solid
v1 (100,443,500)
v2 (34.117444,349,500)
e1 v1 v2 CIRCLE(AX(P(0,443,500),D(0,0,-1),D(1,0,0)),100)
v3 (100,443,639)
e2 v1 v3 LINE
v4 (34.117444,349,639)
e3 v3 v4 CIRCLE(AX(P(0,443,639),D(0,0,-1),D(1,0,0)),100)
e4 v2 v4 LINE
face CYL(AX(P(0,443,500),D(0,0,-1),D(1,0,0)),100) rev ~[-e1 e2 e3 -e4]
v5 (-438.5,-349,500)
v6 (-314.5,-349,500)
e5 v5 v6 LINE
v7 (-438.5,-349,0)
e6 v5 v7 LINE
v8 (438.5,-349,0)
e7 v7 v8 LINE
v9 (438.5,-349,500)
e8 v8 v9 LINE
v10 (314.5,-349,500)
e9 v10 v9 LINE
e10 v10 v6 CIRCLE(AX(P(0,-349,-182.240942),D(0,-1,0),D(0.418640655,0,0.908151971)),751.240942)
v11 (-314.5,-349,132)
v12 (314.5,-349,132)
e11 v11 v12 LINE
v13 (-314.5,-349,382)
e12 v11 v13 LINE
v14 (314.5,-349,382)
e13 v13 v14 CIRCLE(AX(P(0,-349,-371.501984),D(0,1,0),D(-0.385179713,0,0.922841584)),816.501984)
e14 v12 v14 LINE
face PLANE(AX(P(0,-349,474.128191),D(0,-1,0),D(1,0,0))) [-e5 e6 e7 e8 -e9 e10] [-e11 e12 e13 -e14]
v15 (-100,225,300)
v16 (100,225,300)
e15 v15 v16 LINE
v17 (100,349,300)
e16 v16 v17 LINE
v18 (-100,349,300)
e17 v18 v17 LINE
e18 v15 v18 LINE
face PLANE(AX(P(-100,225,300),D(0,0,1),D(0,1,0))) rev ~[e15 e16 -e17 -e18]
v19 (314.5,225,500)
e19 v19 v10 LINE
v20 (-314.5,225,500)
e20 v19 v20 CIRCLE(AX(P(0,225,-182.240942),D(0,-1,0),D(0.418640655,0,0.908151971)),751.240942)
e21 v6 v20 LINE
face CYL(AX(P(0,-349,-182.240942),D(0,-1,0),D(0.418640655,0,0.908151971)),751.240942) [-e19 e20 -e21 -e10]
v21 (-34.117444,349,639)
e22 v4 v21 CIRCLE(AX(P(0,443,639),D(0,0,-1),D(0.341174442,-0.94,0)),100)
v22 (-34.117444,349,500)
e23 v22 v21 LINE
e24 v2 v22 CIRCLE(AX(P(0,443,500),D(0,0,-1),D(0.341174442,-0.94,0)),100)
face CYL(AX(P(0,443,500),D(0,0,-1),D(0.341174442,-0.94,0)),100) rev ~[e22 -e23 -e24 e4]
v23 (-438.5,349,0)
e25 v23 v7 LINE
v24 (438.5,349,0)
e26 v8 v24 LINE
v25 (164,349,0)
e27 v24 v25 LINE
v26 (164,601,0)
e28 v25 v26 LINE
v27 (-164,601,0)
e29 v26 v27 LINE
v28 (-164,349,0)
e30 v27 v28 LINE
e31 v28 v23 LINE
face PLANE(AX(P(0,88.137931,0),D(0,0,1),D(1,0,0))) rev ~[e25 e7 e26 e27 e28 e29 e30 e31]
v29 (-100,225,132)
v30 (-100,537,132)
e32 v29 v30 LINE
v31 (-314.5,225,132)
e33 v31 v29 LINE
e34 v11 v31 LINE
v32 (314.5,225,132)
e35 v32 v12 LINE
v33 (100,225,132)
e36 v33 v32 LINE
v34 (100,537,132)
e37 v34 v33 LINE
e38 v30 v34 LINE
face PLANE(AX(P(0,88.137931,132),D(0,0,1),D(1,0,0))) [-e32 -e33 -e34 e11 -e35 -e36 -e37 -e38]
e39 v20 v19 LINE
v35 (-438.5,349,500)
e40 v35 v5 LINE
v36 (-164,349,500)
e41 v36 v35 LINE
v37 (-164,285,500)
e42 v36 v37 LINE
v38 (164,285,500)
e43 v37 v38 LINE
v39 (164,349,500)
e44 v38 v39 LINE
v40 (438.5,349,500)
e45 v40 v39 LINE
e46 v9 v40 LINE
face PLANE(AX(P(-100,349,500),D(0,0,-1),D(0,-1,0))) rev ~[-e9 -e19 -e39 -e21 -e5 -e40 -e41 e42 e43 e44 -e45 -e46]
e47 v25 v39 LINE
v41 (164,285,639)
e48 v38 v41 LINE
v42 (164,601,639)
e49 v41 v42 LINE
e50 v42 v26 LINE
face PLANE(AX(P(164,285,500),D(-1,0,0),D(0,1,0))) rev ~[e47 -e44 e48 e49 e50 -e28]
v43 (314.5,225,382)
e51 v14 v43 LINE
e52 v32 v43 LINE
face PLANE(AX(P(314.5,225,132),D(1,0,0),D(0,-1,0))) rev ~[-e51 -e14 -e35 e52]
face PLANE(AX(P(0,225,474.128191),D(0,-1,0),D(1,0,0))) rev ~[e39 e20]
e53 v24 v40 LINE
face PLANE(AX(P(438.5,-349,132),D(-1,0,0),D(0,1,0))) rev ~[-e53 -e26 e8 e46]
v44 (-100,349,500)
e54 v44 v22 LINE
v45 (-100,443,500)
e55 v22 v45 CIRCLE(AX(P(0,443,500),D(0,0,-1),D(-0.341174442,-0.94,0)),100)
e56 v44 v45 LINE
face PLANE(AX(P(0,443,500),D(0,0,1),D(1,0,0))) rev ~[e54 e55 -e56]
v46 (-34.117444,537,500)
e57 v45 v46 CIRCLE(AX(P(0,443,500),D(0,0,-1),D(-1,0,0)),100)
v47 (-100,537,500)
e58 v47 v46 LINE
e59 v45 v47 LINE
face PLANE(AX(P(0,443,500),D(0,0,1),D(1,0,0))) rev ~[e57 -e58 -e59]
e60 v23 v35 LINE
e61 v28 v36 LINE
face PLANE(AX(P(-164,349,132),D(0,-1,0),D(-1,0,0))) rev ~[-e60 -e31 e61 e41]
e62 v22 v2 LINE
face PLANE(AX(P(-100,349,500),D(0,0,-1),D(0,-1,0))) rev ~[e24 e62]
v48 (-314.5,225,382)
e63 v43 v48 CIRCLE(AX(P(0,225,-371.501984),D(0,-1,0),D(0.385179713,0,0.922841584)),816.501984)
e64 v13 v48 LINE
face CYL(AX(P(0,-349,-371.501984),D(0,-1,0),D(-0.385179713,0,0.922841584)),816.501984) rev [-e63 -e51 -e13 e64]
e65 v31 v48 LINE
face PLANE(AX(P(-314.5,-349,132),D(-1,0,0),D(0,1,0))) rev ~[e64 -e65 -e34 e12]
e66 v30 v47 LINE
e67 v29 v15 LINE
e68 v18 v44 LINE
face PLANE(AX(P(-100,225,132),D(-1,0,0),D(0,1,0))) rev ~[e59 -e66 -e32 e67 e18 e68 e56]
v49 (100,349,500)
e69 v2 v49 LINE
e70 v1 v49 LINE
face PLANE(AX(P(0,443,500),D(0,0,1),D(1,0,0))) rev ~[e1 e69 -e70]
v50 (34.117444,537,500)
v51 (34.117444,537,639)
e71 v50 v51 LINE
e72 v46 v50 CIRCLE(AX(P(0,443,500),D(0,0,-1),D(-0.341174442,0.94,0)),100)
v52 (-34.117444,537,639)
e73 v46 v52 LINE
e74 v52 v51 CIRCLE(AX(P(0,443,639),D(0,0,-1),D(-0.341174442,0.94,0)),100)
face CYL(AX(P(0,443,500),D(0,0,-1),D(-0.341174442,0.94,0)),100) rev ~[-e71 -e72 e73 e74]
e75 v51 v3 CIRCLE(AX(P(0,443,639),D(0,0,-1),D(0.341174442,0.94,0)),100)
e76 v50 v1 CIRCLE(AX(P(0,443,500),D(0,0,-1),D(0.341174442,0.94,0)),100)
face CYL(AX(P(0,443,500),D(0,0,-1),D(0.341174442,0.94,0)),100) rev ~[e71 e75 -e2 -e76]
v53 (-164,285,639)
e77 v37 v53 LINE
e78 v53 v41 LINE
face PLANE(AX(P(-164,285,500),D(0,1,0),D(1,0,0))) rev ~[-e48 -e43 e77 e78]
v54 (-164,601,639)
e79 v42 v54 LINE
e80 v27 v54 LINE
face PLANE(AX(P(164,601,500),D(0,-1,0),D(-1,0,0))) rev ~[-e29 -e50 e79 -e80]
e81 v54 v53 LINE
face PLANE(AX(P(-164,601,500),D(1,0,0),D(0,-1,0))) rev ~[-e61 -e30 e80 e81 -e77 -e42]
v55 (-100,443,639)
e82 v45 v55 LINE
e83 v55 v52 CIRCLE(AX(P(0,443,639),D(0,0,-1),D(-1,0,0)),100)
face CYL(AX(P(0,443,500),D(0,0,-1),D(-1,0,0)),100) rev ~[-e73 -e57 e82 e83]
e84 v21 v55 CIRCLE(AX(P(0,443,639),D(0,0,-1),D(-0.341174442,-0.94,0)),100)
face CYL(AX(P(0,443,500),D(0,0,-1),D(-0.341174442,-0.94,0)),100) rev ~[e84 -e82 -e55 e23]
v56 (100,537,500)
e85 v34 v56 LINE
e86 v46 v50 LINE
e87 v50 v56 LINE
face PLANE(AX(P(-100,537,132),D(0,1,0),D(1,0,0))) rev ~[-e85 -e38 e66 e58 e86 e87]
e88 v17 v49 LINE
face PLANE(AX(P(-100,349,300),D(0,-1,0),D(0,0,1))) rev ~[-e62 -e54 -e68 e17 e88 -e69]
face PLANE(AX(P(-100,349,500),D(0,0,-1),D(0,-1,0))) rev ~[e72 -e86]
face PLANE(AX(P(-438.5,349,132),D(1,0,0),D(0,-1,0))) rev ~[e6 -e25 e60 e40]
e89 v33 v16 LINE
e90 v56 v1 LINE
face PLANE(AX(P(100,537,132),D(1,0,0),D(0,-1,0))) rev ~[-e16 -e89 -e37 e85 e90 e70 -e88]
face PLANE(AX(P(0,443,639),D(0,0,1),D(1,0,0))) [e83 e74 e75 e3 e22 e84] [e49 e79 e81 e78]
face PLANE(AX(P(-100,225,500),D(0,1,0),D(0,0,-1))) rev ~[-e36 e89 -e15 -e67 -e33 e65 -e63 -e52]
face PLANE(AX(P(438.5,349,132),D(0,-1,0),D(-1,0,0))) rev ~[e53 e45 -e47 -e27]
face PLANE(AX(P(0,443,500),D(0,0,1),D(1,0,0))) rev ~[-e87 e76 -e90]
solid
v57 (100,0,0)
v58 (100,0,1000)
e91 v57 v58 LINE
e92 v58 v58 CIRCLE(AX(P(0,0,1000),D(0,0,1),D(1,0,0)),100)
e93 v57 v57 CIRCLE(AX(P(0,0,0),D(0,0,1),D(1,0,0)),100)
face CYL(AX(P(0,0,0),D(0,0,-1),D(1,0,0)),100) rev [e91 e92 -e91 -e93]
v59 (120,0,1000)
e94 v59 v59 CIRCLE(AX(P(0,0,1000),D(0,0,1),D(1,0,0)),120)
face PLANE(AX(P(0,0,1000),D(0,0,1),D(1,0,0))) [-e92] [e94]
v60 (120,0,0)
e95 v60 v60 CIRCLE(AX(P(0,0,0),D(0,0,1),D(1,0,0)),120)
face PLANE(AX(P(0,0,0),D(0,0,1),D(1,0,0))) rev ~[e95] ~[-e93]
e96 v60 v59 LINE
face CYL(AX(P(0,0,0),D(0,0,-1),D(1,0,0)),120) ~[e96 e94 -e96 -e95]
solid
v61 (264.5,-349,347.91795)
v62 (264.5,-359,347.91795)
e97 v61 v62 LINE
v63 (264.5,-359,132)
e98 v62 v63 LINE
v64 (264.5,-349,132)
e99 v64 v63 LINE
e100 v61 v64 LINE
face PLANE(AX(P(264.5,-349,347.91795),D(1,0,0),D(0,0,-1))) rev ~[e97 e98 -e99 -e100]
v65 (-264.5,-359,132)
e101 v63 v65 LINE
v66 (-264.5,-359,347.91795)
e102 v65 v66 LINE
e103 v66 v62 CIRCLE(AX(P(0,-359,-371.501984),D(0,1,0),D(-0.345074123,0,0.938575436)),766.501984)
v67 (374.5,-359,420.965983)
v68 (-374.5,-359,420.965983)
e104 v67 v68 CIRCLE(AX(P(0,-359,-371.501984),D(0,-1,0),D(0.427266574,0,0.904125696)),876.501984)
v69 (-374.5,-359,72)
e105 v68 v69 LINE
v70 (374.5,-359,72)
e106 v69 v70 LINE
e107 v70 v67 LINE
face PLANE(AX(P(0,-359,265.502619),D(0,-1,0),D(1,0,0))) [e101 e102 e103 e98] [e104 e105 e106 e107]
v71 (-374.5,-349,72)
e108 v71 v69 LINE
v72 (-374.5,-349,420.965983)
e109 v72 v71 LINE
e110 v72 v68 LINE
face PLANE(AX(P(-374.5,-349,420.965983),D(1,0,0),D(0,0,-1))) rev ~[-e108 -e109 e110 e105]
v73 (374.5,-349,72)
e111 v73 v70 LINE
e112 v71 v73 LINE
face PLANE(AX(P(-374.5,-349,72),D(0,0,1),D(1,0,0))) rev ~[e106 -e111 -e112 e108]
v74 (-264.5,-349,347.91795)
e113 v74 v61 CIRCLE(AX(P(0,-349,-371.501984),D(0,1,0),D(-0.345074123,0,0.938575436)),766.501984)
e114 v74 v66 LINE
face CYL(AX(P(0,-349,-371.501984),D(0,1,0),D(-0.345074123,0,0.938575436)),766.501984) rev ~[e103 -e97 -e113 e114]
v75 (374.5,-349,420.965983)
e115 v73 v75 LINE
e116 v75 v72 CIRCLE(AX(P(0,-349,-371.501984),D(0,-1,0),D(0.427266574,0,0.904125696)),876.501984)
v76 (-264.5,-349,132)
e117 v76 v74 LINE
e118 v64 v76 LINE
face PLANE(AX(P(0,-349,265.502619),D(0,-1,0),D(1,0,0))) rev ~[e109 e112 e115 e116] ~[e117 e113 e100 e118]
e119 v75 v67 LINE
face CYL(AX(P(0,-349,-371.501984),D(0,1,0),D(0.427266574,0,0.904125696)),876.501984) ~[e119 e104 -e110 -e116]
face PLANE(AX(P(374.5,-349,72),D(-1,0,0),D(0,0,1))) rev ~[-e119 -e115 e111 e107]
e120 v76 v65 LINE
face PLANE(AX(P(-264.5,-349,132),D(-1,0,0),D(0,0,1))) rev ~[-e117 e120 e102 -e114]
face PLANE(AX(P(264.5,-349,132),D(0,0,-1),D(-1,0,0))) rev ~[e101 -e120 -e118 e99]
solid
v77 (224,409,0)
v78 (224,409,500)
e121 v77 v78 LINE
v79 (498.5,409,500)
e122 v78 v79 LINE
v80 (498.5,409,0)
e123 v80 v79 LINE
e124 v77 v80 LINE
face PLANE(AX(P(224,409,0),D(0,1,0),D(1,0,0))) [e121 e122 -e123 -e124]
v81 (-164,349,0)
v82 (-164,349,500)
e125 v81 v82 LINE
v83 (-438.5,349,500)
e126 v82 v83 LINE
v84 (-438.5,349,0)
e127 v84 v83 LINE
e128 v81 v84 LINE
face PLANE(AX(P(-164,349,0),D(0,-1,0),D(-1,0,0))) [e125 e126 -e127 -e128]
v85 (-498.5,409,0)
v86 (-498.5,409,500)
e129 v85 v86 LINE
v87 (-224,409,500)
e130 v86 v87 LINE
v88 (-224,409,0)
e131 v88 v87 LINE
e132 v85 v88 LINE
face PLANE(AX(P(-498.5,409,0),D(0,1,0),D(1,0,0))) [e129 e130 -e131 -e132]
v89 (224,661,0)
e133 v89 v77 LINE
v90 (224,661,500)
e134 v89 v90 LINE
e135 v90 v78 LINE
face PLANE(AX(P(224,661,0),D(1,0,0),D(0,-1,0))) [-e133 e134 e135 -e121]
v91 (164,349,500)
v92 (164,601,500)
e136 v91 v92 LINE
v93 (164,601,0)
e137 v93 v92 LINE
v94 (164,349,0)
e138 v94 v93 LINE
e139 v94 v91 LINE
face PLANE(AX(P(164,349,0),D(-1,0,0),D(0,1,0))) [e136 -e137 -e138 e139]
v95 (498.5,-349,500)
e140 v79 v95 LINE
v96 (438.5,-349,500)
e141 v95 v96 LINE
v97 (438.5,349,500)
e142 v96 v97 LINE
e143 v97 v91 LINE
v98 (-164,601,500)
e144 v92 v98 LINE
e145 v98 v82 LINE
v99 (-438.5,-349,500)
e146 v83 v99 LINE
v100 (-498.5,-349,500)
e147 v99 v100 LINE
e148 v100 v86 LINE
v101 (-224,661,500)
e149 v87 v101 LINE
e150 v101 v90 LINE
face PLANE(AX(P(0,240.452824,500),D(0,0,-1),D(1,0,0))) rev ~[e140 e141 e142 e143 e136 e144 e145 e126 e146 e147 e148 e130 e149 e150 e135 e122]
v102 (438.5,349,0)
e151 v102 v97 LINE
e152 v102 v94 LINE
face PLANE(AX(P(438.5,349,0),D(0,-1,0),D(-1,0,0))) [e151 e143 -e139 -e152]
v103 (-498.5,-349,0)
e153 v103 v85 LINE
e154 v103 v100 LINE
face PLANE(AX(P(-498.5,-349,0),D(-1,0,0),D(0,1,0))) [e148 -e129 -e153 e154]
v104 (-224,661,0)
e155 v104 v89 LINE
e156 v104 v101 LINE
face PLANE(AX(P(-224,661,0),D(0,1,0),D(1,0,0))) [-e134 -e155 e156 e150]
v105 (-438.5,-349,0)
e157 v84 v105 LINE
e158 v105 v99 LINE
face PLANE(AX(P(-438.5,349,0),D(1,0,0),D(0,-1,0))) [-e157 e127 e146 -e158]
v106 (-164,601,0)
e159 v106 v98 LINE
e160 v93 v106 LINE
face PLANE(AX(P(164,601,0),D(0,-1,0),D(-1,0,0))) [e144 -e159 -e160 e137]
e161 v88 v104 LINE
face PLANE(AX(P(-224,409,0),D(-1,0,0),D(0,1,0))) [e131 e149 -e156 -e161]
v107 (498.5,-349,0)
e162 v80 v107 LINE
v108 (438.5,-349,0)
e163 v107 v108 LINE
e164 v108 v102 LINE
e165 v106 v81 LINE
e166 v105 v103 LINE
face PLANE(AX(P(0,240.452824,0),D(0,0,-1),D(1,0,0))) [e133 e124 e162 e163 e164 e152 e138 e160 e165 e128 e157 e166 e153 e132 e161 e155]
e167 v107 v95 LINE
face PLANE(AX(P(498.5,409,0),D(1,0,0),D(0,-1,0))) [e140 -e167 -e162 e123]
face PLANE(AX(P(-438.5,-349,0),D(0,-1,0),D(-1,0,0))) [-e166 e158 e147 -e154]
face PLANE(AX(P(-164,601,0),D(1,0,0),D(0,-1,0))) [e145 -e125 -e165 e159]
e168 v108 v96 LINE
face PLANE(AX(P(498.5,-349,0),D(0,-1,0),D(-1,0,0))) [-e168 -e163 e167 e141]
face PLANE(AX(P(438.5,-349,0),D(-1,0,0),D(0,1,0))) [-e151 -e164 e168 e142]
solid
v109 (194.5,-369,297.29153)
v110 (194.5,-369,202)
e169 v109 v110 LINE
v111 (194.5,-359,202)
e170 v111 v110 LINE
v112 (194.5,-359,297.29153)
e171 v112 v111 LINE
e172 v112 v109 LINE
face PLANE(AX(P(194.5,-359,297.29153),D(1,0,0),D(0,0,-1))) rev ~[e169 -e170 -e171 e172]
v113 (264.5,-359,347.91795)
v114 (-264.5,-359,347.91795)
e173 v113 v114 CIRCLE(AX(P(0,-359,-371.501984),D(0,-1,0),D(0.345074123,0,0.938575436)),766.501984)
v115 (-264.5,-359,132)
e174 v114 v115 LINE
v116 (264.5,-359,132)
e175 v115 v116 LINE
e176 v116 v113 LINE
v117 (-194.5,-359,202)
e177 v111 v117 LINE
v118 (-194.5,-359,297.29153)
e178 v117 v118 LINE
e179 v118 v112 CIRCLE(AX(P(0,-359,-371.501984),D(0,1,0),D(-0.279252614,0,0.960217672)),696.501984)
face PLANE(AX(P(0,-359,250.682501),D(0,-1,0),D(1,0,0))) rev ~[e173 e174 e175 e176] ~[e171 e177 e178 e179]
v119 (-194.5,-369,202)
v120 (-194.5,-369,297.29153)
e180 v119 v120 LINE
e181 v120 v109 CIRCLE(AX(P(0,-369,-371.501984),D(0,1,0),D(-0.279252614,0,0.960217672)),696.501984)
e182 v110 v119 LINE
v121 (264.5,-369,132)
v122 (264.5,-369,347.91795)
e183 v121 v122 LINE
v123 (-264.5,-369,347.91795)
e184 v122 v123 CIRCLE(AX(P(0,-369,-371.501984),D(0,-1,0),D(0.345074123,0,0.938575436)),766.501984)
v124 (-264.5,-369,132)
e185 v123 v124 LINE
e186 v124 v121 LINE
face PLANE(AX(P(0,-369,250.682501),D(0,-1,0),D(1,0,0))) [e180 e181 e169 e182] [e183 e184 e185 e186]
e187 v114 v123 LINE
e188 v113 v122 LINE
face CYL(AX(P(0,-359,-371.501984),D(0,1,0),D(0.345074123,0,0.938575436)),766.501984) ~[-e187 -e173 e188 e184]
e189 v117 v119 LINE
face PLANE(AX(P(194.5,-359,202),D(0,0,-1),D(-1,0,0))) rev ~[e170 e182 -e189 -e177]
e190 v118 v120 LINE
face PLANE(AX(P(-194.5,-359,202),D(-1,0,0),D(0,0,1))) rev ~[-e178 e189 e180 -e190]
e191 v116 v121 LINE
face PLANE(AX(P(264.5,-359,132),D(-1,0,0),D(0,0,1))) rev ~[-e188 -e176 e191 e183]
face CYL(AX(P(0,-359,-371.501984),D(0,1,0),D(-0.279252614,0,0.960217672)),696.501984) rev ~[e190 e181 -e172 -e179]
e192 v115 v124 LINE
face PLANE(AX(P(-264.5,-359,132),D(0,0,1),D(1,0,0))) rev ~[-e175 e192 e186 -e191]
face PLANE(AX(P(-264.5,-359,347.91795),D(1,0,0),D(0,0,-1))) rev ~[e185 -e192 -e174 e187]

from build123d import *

# Parameters (mm, degrees)
F1_DEPTH  = 132
F3_DEPTH  = 368
F5_DEPTH  = 574
F7_DEPTH  = 200
F9_DEPTH  = 139
F10_R     = 120
F10_R_2   = 100
F11_DEPTH = 1000
F13_DEPTH = 500
F15_DEPTH = 10
F17_DEPTH = 10


with BuildPart() as f1:
    # F0 (on Top) → F1 (new body)
    with BuildSketch(Plane.XY):
        Polygon((-438.5, -349), (438.5, -349), (438.5, 349), (164, 349), (164, 601), (-164, 601), (-164, 349), (-438.5, 349), align=None)
    extrude(amount=F1_DEPTH)

    # F2 (on face) → F3 (join)
    with BuildSketch(Plane.XY.offset(132)):
        Polygon((314.5, 225), (314.5, -349), (438.5, -349), (438.5, 349), (164, 349), (164, 601), (-164, 601), (-164, 349), (-438.5, 349), (-438.5, -349), (-314.5, -349), (-314.5, 225), (-100, 225), (-100, 537), (100, 537), (100, 225), align=None)
    extrude(amount=F3_DEPTH)

    # F4 (on face) → F5 (join, through all)
    with BuildSketch(Plane.XZ.offset(349)):
        with BuildLine():
            ThreePointArc((-314.5, 382), (0, 445), (314.5, 382))
            Line((314.5, 382), (314.5, 500))
            ThreePointArc((314.5, 500), (0, 569), (-314.5, 500))
            Line((-314.5, 500), (-314.5, 382))
        make_face()
    extrude(amount=-F5_DEPTH)

    # F6 (on face) → F7 (join, through all)
    with BuildSketch(Plane.YZ.offset(-100)):
        Polygon((349, 500), (225, 500), (225, 438.8531788005), (225, 300), (349, 300), align=None)
    extrude(amount=F7_DEPTH)

    # F8 (on face) → F9 (join)
    with BuildSketch(Plane.XY.offset(500)):
        Polygon((164, 601), (-164, 601), (-164, 349), (-164, 285), (164, 285), (164, 349), align=None)
        with BuildLine():
            Line((100, 537), (100, 443))
            Line((100, 443), (100, 349))
            Line((100, 349), (34.1174442185, 349))
            ThreePointArc((34.1174442185, 349), (0, 343), (-34.1174442185, 349))
            Line((-34.1174442185, 349), (-100, 349))
            Line((-100, 349), (-100, 443))
            Line((-100, 443), (-100, 537))
            Line((-100, 537), (-34.1174442185, 537))
            ThreePointArc((-34.1174442185, 537), (0, 543), (34.1174442185, 537))
            Line((34.1174442185, 537), (100, 537))
        make_face(mode=Mode.SUBTRACT)
        with BuildLine():
            ThreePointArc((-100, 443), (-81.8893900998, 500.394492672), (-34.1174442185, 537))
            Line((-34.1174442185, 537), (-100, 537))
            Line((-100, 537), (-100, 443))
        make_face()
        with BuildLine():
            Line((100, 349), (100, 443))
            ThreePointArc((100, 443), (81.8893900998, 385.605507328), (34.1174442185, 349))
            Line((34.1174442185, 349), (100, 349))
        make_face()
        with BuildLine():
            ThreePointArc((34.1174442185, 537), (81.8893900998, 500.394492672), (100, 443))
            Line((100, 443), (100, 537))
            Line((100, 537), (34.1174442185, 537))
        make_face()
        with BuildLine():
            Line((-100, 349), (-34.1174442185, 349))
            ThreePointArc((-34.1174442185, 349), (-81.8893900998, 385.605507328), (-100, 443))
            Line((-100, 443), (-100, 349))
        make_face()
    extrude(amount=F9_DEPTH)


with BuildPart() as f11:
    # F10 (on Top) → F11 (new body)
    with BuildSketch(Plane.XY):
        Circle(F10_R)
        Circle(F10_R_2, mode=Mode.SUBTRACT)
    extrude(amount=F11_DEPTH)


with BuildPart() as f13:
    # F12 (on face) → F13 (new body)
    with BuildSketch(Plane(origin=(0, 0, 0), x_dir=(1, 0, 0), z_dir=(0, 0, -1))):
        Polygon((498.5, -409), (498.5, 349), (438.5, 349), (438.5, -349), (164, -349), (164, -601), (-164, -601), (-164, -349), (-438.5, -349), (-438.5, 349), (-498.5, 349), (-498.5, -409), (-224, -409), (-224, -661), (224, -661), (224, -409), align=None)
    extrude(amount=-F13_DEPTH)


with BuildPart() as f15:
    # F14 (on face) → F15 (new body)
    with BuildSketch(Plane.XZ.offset(349)):
        with BuildLine():
            Line((374.5, 72), (374.5, 420.9659825307))
            ThreePointArc((374.5, 420.9659825307), (0, 505), (-374.5, 420.9659825307))
            Line((-374.5, 420.9659825307), (-374.5, 72))
            Line((-374.5, 72), (374.5, 72))
        make_face()
        with BuildLine():
            Line((264.5, 132), (-264.5, 132))
            Line((-264.5, 132), (-314.5, 132))
            Line((-314.5, 132), (-314.5, 382))
            ThreePointArc((-314.5, 382), (0, 445), (314.5, 382))
            Line((314.5, 382), (314.5, 132))
            Line((314.5, 132), (264.5, 132))
        make_face(mode=Mode.SUBTRACT)
        with BuildLine():
            Line((-264.5, 132), (-264.5, 347.9179500357))
            ThreePointArc((-264.5, 347.9179500357), (0, 395), (264.5, 347.9179500357))
            Line((264.5, 347.9179500357), (264.5, 132))
            Line((264.5, 132), (314.5, 132))
            Line((314.5, 132), (314.5, 382))
            ThreePointArc((314.5, 382), (0, 445), (-314.5, 382))
            Line((-314.5, 382), (-314.5, 132))
            Line((-314.5, 132), (-264.5, 132))
        make_face()
    extrude(amount=F15_DEPTH)


with BuildPart() as f17:
    # F16 (on face) → F17 (new body)
    with BuildSketch(Plane.XZ.offset(359)):
        with BuildLine():
            Line((-264.5, 132), (264.5, 132))
            Line((264.5, 132), (264.5, 347.9179500357))
            ThreePointArc((264.5, 347.9179500357), (0, 395), (-264.5, 347.9179500357))
            Line((-264.5, 347.9179500357), (-264.5, 132))
        make_face()
        with BuildLine():
            ThreePointArc((-194.5, 297.2915295174), (0, 325), (194.5, 297.2915295174))
            Line((194.5, 297.2915295174), (194.5, 202))
            Line((194.5, 202), (-194.5, 202))
            Line((-194.5, 202), (-194.5, 297.2915295174))
        make_face(mode=Mode.SUBTRACT)
    extrude(amount=F17_DEPTH)


solid = Compound([f1.part, f11.part, f13.part, f15.part, f17.part])
